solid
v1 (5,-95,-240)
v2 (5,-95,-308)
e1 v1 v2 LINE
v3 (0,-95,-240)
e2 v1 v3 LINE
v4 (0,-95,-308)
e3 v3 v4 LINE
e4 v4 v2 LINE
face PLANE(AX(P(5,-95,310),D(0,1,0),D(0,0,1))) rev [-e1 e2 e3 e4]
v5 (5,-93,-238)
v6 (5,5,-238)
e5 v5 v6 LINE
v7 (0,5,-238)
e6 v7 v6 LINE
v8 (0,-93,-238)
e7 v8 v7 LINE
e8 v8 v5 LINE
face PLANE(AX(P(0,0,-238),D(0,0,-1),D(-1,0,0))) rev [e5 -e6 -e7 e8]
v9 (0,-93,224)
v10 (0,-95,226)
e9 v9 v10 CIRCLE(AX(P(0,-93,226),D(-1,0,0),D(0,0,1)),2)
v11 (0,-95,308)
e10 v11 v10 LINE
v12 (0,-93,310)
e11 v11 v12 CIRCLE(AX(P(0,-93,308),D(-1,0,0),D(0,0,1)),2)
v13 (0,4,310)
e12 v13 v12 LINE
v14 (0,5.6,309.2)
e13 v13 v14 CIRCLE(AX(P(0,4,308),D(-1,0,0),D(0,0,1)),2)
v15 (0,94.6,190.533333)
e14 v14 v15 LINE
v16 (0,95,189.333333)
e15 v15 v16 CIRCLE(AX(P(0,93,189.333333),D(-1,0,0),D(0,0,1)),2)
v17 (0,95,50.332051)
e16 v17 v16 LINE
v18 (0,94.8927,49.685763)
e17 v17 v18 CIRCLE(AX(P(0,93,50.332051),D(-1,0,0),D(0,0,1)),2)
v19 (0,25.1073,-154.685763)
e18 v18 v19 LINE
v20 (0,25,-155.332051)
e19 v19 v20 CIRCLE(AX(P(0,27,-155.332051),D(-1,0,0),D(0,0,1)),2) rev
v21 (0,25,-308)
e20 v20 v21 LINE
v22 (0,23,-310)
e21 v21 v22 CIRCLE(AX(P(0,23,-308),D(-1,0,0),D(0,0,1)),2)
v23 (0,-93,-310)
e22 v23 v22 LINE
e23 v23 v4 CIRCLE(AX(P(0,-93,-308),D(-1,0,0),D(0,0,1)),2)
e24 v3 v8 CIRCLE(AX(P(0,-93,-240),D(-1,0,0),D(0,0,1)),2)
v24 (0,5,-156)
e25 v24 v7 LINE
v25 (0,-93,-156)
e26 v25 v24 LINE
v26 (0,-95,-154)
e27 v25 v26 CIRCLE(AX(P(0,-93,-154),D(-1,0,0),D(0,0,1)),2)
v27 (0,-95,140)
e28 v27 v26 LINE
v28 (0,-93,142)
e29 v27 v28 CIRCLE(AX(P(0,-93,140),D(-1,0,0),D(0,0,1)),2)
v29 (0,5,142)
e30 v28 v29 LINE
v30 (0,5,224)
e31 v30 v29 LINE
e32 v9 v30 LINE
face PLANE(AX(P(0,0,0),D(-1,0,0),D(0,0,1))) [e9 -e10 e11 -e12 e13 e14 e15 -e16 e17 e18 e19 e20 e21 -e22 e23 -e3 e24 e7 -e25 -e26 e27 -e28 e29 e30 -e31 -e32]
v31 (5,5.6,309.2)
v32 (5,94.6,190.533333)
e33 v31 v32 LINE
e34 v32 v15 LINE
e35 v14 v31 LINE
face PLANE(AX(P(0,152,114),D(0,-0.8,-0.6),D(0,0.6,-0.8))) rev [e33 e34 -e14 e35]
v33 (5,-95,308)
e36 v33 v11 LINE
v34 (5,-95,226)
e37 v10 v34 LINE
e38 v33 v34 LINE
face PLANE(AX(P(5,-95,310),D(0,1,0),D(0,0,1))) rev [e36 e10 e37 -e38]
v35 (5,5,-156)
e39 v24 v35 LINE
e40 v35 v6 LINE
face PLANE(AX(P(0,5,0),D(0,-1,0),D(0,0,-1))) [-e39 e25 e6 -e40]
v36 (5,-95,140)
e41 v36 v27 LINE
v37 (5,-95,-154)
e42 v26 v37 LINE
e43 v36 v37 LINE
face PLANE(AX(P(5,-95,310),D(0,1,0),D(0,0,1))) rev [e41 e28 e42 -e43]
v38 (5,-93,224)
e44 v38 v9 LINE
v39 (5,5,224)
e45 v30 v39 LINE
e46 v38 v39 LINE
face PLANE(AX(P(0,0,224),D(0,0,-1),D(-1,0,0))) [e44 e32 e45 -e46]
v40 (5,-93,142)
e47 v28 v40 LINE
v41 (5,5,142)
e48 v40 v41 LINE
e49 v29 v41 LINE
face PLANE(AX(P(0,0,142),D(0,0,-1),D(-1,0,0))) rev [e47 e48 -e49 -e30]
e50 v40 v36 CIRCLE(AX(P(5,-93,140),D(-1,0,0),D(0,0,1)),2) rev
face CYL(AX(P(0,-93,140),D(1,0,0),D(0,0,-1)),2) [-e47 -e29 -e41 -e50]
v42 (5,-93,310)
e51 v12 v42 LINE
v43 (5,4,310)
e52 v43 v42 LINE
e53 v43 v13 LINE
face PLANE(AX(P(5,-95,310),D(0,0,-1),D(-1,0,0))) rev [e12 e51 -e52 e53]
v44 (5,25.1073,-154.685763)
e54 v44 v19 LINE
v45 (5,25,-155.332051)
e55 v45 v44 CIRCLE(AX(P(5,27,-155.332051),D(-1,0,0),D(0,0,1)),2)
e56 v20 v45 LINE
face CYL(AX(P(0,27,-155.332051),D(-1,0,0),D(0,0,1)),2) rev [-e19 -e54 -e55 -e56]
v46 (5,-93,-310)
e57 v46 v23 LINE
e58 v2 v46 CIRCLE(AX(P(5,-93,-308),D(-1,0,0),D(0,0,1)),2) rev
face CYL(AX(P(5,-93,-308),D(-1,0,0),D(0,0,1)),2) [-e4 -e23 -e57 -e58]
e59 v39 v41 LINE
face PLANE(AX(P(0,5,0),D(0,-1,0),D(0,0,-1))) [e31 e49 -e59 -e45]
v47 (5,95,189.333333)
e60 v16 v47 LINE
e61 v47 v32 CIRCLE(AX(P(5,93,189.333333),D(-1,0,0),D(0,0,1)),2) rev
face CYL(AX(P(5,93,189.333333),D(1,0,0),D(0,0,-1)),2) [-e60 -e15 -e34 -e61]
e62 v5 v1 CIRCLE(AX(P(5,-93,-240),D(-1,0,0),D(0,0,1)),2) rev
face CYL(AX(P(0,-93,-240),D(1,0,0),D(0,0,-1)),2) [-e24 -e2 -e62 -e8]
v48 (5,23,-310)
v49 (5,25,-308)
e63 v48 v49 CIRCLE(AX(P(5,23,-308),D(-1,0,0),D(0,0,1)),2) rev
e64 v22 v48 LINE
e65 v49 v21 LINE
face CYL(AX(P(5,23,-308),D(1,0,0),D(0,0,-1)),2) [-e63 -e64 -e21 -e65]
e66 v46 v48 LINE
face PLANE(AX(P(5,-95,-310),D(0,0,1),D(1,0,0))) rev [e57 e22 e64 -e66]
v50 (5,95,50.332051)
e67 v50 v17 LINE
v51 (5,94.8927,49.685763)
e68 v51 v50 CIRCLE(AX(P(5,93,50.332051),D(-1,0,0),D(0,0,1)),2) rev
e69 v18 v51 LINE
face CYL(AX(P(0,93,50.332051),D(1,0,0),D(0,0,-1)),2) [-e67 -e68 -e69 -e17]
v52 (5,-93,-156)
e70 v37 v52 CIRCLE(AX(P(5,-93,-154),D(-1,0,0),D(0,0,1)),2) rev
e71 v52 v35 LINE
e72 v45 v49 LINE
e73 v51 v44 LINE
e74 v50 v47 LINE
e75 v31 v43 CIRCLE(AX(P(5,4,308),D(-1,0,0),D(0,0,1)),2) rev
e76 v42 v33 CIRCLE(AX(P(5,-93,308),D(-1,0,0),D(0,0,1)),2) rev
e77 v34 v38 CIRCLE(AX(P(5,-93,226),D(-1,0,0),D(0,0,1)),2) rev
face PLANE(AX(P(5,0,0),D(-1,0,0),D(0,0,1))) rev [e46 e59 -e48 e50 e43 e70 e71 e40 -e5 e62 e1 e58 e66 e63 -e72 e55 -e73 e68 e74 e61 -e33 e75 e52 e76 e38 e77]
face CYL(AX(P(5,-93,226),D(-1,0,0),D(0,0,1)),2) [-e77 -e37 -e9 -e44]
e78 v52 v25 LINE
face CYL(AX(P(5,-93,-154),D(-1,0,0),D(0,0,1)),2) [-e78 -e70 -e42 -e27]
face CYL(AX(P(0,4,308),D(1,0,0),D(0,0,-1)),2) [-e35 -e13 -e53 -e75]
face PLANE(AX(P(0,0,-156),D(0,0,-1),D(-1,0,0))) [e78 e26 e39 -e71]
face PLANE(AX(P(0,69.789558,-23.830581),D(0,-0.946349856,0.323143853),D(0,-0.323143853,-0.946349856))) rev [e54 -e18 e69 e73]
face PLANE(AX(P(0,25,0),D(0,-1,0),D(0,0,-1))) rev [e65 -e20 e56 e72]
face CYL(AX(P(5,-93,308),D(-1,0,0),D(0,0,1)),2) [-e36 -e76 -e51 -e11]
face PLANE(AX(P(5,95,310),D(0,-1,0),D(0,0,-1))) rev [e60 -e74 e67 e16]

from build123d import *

# Parameters (mm, degrees)
SKETCH1_W           = 620
SKETCH1_H           = 190
BOSS_EXTRUDE1_DEPTH = 5
SKETCH2_W           = 82
SKETCH2_H           = 100
CUT_EXTRUDE1_DEPTH  = 5
FILLET1_R           = 2


with BuildPart() as part:
    # Sketch1 → Boss-Extrude1 (new body)
    with BuildSketch(Plane(origin=(0, 0, 0), x_dir=(0, 0, -1), z_dir=(1, 0, 0))):
        Rectangle(SKETCH1_W, SKETCH1_H)
    extrude(amount=BOSS_EXTRUDE1_DEPTH)

    # Sketch2 → Cut-Extrude1 (cut)
    with BuildSketch(Plane(origin=(5, 0, 0), x_dir=(0, 0, -1), z_dir=(1, 0, 0))):
        Polygon((-310, 95), (-310, 5), (-190, 95), align=None)
        Polygon((310, 95), (-50, 95), (155, 25), (310, 25), align=None)
        with Locations((-183, -45)):
            Rectangle(SKETCH2_W, SKETCH2_H)
        with Locations((197, -45)):
            Rectangle(SKETCH2_W, SKETCH2_H)
    extrude(amount=-CUT_EXTRUDE1_DEPTH, mode=Mode.SUBTRACT)

    # Fillet1
    fillet1_edges = [part.edges().sort_by_distance(p)[0] for p in [
        (2.5, 25, -155),
        (2.5, 95, 50),
        (2.5, 25, -310),
        (2.5, -95, 142),
        (2.5, -95, 224),
        (2.5, -95, -238),
        (2.5, -95, -156),
        (2.5, 5, 310),
        (2.5, 95, 190),
        (2.5, -95, -310),
        (2.5, -95, 310),
    ]]
    fillet(fillet1_edges, radius=FILLET1_R)


solid = part.part
